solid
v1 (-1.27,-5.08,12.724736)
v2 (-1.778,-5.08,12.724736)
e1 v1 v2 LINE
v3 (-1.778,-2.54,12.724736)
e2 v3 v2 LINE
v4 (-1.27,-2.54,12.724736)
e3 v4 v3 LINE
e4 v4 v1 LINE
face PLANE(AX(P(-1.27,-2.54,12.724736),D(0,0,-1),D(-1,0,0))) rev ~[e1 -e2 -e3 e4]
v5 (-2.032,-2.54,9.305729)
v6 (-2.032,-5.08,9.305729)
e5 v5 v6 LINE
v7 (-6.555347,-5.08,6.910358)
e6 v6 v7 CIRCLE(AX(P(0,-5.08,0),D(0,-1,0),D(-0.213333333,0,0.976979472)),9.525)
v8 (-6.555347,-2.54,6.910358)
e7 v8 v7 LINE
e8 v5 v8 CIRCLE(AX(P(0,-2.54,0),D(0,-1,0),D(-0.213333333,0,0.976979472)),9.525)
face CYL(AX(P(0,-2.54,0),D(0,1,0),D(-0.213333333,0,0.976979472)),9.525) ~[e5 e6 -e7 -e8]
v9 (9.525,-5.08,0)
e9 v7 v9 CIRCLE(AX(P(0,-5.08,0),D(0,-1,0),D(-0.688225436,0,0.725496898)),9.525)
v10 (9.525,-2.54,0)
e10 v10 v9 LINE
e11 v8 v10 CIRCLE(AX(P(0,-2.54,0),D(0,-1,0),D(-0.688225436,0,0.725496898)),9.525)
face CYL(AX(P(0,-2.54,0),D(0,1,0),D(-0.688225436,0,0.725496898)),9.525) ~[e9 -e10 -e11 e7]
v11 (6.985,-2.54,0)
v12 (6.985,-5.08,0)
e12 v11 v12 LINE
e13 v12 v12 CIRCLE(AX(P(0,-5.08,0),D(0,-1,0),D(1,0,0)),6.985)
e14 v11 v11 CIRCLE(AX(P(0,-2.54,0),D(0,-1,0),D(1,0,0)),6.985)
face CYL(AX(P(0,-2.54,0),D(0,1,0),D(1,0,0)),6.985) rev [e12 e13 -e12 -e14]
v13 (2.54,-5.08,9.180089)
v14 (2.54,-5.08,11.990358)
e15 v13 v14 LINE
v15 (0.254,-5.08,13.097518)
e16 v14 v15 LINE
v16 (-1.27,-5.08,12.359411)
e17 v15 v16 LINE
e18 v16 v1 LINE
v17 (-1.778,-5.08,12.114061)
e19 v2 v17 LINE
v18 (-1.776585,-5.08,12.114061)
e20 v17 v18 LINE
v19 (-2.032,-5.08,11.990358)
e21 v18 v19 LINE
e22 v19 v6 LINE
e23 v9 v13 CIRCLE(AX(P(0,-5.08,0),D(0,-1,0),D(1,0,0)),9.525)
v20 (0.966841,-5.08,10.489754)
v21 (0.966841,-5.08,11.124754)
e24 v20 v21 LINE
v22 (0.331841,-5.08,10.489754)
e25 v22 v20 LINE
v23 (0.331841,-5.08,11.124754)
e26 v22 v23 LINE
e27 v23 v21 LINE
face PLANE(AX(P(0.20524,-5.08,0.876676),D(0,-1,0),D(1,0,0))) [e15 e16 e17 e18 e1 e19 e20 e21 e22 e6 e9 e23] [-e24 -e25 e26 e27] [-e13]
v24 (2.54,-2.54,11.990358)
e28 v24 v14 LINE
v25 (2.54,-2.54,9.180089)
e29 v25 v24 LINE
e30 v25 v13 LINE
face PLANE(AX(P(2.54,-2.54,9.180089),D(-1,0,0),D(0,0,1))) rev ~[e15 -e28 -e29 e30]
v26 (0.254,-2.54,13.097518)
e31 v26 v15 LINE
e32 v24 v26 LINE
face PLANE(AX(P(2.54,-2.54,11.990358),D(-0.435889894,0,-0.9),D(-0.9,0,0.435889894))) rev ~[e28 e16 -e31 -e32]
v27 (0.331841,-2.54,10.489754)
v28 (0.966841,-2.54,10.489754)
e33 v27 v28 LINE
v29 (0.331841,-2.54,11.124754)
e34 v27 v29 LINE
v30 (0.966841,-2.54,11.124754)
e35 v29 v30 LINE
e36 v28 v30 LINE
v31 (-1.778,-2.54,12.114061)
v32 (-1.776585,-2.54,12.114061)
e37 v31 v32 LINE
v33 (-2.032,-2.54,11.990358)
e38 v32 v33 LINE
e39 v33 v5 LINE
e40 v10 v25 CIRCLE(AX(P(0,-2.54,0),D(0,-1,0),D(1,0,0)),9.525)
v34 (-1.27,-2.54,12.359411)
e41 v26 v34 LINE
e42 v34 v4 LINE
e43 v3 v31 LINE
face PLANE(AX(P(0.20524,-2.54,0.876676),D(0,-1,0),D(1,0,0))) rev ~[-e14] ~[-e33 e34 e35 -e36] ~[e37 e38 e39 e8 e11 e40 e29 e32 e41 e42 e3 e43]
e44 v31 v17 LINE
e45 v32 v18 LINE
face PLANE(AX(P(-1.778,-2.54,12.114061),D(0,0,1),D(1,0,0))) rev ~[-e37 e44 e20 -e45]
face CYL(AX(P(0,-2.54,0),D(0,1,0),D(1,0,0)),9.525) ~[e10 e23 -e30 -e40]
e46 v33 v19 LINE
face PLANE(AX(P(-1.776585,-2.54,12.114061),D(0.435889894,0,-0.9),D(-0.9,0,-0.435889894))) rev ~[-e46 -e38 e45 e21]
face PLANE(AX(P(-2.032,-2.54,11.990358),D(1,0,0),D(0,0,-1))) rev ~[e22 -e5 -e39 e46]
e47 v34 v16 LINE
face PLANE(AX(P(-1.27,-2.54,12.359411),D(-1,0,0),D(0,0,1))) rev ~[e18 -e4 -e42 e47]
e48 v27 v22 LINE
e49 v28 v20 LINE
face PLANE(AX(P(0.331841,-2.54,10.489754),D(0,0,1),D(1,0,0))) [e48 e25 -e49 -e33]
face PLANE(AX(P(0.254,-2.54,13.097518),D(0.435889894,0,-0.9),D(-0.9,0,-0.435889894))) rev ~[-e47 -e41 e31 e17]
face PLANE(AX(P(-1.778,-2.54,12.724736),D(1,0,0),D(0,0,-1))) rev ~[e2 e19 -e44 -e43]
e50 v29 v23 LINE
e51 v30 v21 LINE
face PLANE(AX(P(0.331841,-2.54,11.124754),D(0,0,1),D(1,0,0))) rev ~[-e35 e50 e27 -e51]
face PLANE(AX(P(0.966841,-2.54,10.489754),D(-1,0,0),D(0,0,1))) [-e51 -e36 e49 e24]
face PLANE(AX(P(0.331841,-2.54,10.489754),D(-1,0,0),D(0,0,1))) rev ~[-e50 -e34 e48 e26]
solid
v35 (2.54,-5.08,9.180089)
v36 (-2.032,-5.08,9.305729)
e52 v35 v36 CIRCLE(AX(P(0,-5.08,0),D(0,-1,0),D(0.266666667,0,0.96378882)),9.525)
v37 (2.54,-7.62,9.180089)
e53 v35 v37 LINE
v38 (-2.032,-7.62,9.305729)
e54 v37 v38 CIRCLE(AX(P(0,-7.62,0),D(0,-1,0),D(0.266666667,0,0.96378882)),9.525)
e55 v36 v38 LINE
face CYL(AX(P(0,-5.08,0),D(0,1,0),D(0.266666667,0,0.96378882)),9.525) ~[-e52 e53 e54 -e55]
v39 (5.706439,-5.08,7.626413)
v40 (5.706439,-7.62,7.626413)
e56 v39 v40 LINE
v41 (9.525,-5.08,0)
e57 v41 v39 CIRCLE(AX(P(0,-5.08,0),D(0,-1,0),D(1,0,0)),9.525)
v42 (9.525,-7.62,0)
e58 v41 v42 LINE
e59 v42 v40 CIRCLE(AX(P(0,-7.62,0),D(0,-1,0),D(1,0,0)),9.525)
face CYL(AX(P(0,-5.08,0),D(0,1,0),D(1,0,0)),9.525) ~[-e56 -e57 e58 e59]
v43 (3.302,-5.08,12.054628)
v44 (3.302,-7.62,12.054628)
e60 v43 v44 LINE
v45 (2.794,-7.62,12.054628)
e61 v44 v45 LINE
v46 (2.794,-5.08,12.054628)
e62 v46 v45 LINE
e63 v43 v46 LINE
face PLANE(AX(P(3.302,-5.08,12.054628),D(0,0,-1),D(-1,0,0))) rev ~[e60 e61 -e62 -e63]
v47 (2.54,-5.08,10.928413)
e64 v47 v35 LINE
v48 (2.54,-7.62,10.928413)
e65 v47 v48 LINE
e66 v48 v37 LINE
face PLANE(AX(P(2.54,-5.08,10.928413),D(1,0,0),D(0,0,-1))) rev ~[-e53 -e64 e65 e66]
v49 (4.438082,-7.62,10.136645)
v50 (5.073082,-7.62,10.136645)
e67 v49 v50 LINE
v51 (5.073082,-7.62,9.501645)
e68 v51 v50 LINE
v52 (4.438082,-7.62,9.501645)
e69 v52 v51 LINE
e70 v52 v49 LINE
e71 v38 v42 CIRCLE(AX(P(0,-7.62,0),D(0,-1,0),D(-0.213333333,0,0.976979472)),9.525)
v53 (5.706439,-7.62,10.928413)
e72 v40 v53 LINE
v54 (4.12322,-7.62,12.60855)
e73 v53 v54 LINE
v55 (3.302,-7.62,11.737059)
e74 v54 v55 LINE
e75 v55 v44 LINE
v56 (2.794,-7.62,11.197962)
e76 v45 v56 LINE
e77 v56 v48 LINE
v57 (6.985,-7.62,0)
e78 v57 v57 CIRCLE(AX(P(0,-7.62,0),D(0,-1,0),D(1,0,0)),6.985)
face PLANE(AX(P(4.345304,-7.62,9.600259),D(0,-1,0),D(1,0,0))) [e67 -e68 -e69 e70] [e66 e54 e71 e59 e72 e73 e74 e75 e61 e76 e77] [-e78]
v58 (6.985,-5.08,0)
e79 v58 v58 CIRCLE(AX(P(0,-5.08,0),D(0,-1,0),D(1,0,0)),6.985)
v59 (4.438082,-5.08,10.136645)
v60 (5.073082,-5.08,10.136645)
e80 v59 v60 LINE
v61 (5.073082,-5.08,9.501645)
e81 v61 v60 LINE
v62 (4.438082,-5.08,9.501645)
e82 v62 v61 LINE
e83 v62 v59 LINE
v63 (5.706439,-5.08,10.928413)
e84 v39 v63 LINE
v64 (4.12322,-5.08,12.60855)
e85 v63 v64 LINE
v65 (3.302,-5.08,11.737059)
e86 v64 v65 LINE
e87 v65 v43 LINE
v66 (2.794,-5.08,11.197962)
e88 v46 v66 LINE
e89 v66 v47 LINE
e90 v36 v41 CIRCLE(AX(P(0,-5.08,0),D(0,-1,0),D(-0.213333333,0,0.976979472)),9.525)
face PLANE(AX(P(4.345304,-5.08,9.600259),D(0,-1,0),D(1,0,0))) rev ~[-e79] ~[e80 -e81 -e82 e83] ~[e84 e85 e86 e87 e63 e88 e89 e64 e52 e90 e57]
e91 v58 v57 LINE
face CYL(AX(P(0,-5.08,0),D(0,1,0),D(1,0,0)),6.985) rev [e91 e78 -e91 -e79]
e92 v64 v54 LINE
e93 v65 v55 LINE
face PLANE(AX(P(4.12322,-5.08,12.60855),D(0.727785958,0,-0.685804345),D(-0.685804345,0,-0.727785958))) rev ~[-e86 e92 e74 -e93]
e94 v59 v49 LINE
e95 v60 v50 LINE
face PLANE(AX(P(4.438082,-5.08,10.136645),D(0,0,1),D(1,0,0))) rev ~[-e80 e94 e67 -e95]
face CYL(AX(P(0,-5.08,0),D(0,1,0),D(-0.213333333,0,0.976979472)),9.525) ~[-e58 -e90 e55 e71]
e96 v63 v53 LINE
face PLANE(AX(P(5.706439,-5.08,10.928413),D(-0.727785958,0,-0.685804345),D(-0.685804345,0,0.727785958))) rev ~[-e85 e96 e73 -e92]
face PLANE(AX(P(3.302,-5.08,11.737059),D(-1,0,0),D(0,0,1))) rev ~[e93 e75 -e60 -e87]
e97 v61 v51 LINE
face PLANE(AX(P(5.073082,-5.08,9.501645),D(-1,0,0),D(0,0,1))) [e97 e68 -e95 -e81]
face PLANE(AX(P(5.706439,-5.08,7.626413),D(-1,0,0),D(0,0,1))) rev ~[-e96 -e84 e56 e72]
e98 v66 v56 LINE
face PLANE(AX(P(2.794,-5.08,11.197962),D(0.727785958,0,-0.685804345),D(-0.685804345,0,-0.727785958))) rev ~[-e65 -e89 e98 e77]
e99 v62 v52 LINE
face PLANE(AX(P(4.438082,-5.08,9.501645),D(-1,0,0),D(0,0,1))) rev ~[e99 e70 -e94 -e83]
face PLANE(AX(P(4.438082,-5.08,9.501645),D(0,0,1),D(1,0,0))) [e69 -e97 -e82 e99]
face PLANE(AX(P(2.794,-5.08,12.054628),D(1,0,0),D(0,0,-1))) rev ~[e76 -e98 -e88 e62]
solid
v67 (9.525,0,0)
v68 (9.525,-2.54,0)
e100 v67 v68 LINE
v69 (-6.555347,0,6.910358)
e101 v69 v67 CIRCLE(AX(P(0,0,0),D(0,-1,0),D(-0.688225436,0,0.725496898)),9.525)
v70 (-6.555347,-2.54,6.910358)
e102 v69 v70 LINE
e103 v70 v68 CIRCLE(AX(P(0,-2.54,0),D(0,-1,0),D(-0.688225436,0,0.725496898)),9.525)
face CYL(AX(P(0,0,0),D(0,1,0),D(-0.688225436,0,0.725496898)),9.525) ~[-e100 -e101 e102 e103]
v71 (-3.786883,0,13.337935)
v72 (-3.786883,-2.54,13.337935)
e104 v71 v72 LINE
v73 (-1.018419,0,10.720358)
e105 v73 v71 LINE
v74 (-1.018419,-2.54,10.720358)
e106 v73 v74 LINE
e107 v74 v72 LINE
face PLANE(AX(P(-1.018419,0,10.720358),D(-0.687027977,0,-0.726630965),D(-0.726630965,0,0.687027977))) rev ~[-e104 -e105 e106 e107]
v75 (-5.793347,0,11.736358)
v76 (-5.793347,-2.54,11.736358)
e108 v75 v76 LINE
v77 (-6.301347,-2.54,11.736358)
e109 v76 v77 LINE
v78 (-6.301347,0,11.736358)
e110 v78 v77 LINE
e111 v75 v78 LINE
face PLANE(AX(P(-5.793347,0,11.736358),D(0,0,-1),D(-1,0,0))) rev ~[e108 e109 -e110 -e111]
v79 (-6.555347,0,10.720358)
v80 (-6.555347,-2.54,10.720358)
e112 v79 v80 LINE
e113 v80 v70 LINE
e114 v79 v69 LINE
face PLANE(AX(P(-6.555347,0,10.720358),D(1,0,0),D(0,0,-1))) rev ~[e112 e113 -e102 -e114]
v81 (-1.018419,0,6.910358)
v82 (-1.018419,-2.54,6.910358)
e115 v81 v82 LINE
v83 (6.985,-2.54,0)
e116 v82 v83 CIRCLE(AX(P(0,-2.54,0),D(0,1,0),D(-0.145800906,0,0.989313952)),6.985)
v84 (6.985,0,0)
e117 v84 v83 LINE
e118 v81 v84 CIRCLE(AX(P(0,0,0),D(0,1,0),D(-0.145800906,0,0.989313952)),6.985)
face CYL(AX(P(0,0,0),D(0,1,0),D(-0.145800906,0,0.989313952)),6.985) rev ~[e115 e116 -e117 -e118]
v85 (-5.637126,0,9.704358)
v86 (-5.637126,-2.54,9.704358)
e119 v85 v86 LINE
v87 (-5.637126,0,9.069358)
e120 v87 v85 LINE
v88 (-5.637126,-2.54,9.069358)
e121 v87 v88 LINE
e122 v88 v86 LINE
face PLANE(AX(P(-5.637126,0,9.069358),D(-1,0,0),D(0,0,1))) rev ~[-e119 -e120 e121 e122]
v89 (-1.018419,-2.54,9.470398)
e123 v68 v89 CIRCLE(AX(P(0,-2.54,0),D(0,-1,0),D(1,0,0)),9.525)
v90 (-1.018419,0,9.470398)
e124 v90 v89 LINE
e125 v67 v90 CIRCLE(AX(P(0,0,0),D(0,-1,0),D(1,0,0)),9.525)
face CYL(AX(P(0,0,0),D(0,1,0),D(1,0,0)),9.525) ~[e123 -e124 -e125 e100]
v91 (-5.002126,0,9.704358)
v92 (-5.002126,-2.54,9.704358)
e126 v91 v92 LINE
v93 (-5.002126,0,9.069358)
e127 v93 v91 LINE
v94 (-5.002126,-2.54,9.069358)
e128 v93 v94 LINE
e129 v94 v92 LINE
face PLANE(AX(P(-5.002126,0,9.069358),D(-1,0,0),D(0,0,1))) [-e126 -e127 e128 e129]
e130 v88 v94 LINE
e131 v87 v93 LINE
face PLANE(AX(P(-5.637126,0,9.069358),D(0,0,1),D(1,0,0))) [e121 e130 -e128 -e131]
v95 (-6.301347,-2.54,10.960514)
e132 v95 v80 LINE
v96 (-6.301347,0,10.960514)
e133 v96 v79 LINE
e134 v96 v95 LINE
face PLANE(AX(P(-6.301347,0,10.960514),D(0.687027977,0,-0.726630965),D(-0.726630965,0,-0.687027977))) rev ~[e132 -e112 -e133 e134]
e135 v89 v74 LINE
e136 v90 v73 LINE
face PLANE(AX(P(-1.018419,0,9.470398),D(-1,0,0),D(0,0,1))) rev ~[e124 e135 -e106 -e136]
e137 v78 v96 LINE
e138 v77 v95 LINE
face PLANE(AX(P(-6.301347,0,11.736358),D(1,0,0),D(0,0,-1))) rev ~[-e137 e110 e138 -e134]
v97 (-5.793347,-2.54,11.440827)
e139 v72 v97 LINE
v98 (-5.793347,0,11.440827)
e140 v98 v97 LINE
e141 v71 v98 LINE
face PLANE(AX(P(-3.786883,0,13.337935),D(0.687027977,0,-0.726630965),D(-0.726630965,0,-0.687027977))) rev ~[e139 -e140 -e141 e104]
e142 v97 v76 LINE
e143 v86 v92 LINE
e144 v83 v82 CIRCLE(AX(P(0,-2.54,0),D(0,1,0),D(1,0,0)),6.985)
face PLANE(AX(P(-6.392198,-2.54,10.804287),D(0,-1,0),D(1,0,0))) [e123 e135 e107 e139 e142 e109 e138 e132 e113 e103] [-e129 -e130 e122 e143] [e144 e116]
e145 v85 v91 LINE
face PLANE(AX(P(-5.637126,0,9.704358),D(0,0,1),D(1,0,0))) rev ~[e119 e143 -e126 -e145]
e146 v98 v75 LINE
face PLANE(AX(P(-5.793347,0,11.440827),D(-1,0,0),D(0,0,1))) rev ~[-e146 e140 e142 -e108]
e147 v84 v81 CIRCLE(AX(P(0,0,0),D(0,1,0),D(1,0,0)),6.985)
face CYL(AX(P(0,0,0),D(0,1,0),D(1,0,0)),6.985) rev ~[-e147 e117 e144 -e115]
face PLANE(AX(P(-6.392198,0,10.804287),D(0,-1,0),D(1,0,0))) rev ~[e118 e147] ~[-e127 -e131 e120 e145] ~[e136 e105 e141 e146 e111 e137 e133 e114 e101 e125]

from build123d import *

# Parameters (mm, degrees)
F0_W     = 0.635
F0_H     = 0.635
F1_DEPTH = 2.54
F2_R     = 6.985
F2_W     = 0.635
F2_H     = 0.635
F3_DEPTH = 2.54
F4_W     = 0.635
F4_H     = 0.635
F4_R     = 6.985
F5_DEPTH = 2.54


with BuildPart() as f1:
    # F0 (on Front) → F1 (new body)
    with BuildSketch(Plane.XZ):
        Polygon((-6.3013472773, 10.9605143963), (-6.5553472773, 10.7203579556), (-6.3013472773, 10.7203579556), align=None)
        Polygon((-5.7933472773, 10.7203579556), (-1.018419327, 10.7203579556), (-3.7868833021, 13.3379345482), (-5.7933472773, 11.4408272778), align=None)
        with BuildLine():
            Line((-6.5553472773, 10.7203579556), (-6.5553472773, 6.9103579556))
            ThreePointArc((-6.5553472773, 6.9103579556), (-3.9973662574, 8.6456166931), (-1.018419327, 9.4703984644))
            Line((-1.018419327, 9.4703984644), (-1.018419327, 10.7203579556))
            Line((-1.018419327, 10.7203579556), (-5.7933472773, 10.7203579556))
            Line((-5.7933472773, 10.7203579556), (-6.3013472773, 10.7203579556))
            Line((-6.3013472773, 10.7203579556), (-6.5553472773, 10.7203579556))
        make_face()
        with Locations((-5.3196260977, 9.3868579556)):
            Rectangle(F0_W, F0_H, mode=Mode.SUBTRACT)
        with BuildLine():
            Line((-6.5553472773, 6.9103579556), (-1.018419327, 6.9103579556))
            Line((-1.018419327, 6.9103579556), (-1.018419327, 9.4703984644))
            ThreePointArc((-1.018419327, 9.4703984644), (-3.9973662574, 8.6456166931), (-6.5553472773, 6.9103579556))
        make_face()
        with BuildLine():
            Line((-1.018419327, 9.4703984644), (-1.018419327, 6.9103579556))
            Line((-1.018419327, 6.9103579556), (-6.5553472773, 6.9103579556))
            ThreePointArc((-6.5553472773, 6.9103579556), (-3.7607141731, -8.7511515761), (9.525, 0))
            ThreePointArc((9.525, 0), (6.3649501534, 7.0861156175), (-1.018419327, 9.4703984644))
        make_face()
        with BuildLine():
            ThreePointArc((-1.018419327, 6.9103579556), (4.5648968225, 5.2869596177), (6.985, 0))
            ThreePointArc((6.985, 0), (-4.5648968225, -5.2869596177), (-1.018419327, 6.9103579556))
        make_face(mode=Mode.SUBTRACT)
        Polygon((-6.3013472773, 11.7363579556), (-6.3013472773, 10.9605143963), (-5.7933472773, 11.4408272778), (-5.7933472773, 11.7363579556), align=None)
        Polygon((-6.3013472773, 10.9605143963), (-6.3013472773, 10.7203579556), (-5.7933472773, 10.7203579556), (-5.7933472773, 11.4408272778), align=None)
    extrude(amount=F1_DEPTH)


with BuildPart() as f3:
    # F2 (on face) → F3 (new body)
    with BuildSketch(Plane.XZ.offset(2.54)):
        with BuildLine():
            ThreePointArc((-2.032, 9.3057294717), (-4.4575872947, 8.4175733148), (-6.5553472773, 6.9103579556))
            ThreePointArc((-6.5553472773, 6.9103579556), (-3.7607141731, -8.7511515761), (9.525, 0))
            ThreePointArc((9.525, 0), (7.5802086053, 5.7676739246), (2.54, 9.1800885072))
            Line((2.54, 9.1800885072), (2.54, 7.1643579556))
            Line((2.54, 7.1643579556), (-2.032, 7.1643579556))
            Line((-2.032, 7.1643579556), (-2.032, 9.3057294717))
        make_face()
        Circle(F2_R, mode=Mode.SUBTRACT)
        with BuildLine():
            ThreePointArc((-1.018419327, 9.4703984644), (-1.5274303542, 9.4017328995), (-2.032, 9.3057294717))
            Line((-2.032, 9.3057294717), (-2.032, 7.1643579556))
            Line((-2.032, 7.1643579556), (2.54, 7.1643579556))
            Line((2.54, 7.1643579556), (2.54, 9.1800885072))
            ThreePointArc((2.54, 9.1800885072), (0.7745139792, 9.4934584371), (-1.018419327, 9.4703984644))
        make_face()
        with BuildLine():
            ThreePointArc((-1.018419327, 9.4703984644), (0.7745139792, 9.4934584371), (2.54, 9.1800885072))
            Line((2.54, 9.1800885072), (2.54, 11.9903579556))
            Line((2.54, 11.9903579556), (-2.032, 11.9903579556))
            Line((-2.032, 11.9903579556), (-2.032, 11.6786962501))
            Line((-2.032, 11.6786962501), (-1.018419327, 10.7203579556))
            Line((-1.018419327, 10.7203579556), (-1.018419327, 9.4703984644))
        make_face()
        with Locations((0.6493412938, 10.8072543788)):
            Rectangle(F2_W, F2_H, mode=Mode.SUBTRACT)
        Polygon((-2.032, 11.9903579556), (2.54, 11.9903579556), (0.254, 13.0975182873), (-1.27, 12.3594113995), (-1.27, 12.1140610427), (-1.7765850895, 12.1140610427), align=None)
        with BuildLine():
            Line((-2.032, 11.6786962501), (-2.032, 9.3057294717))
            ThreePointArc((-2.032, 9.3057294717), (-1.5274303542, 9.4017328995), (-1.018419327, 9.4703984644))
            Line((-1.018419327, 9.4703984644), (-1.018419327, 10.7203579556))
            Line((-1.018419327, 10.7203579556), (-2.032, 11.6786962501))
        make_face()
        Polygon((-1.778, 12.1140610427), (-1.7765850895, 12.1140610427), (-1.27, 12.3594113995), (-1.27, 12.7247357741), (-1.778, 12.7247357741), align=None)
        Polygon((-1.27, 12.3594113995), (-1.7765850895, 12.1140610427), (-1.27, 12.1140610427), align=None)
    extrude(amount=F3_DEPTH)


with BuildPart() as f5:
    # F4 (on face) → F5 (new body)
    with BuildSketch(Plane.XZ.offset(5.08)):
        with BuildLine():
            ThreePointArc((2.54, 9.1800885072), (4.1957617936, 8.5510939634), (5.7064392712, 7.6264130392))
            Line((5.7064392712, 7.6264130392), (5.7064392712, 10.9284130392))
            Line((5.7064392712, 10.9284130392), (2.54, 10.9284130392))
            Line((2.54, 10.9284130392), (2.54, 9.1800885072))
        make_face()
        with Locations((4.7555824557, 9.8191454709)):
            Rectangle(F4_W, F4_H, mode=Mode.SUBTRACT)
        Polygon((2.54, 10.9284130392), (5.7064392712, 10.9284130392), (4.1232196356, 12.6085496974), (3.302, 11.7370589811), (3.302, 11.0386284068), (2.794, 11.0386284068), (2.794, 11.1979616865), align=None)
        with BuildLine():
            ThreePointArc((-2.032, 9.3057294717), (-5.9737268518, -7.4189091179), (9.525, 0))
            ThreePointArc((9.525, 0), (8.5170258617, 4.2644924048), (5.7064392712, 7.6264130392))
            Line((5.7064392712, 7.6264130392), (2.54, 7.6264130392))
            Line((2.54, 7.6264130392), (2.54, 9.1800885072))
            ThreePointArc((2.54, 9.1800885072), (0.2616532304, 9.5214054943), (-2.032, 9.3057294717))
        make_face()
        Circle(F4_R, mode=Mode.SUBTRACT)
        with BuildLine():
            Line((2.54, 7.6264130392), (5.7064392712, 7.6264130392))
            ThreePointArc((5.7064392712, 7.6264130392), (4.1957617936, 8.5510939634), (2.54, 9.1800885072))
            Line((2.54, 9.1800885072), (2.54, 7.6264130392))
        make_face()
        Polygon((3.302, 11.7370589811), (2.794, 11.1979616865), (2.794, 11.0386284068), (3.302, 11.0386284068), align=None)
        Polygon((2.794, 12.0546284068), (2.794, 11.1979616865), (3.302, 11.7370589811), (3.302, 12.0546284068), align=None)
    extrude(amount=F5_DEPTH)


solid = Compound([f1.part, f3.part, f5.part])
